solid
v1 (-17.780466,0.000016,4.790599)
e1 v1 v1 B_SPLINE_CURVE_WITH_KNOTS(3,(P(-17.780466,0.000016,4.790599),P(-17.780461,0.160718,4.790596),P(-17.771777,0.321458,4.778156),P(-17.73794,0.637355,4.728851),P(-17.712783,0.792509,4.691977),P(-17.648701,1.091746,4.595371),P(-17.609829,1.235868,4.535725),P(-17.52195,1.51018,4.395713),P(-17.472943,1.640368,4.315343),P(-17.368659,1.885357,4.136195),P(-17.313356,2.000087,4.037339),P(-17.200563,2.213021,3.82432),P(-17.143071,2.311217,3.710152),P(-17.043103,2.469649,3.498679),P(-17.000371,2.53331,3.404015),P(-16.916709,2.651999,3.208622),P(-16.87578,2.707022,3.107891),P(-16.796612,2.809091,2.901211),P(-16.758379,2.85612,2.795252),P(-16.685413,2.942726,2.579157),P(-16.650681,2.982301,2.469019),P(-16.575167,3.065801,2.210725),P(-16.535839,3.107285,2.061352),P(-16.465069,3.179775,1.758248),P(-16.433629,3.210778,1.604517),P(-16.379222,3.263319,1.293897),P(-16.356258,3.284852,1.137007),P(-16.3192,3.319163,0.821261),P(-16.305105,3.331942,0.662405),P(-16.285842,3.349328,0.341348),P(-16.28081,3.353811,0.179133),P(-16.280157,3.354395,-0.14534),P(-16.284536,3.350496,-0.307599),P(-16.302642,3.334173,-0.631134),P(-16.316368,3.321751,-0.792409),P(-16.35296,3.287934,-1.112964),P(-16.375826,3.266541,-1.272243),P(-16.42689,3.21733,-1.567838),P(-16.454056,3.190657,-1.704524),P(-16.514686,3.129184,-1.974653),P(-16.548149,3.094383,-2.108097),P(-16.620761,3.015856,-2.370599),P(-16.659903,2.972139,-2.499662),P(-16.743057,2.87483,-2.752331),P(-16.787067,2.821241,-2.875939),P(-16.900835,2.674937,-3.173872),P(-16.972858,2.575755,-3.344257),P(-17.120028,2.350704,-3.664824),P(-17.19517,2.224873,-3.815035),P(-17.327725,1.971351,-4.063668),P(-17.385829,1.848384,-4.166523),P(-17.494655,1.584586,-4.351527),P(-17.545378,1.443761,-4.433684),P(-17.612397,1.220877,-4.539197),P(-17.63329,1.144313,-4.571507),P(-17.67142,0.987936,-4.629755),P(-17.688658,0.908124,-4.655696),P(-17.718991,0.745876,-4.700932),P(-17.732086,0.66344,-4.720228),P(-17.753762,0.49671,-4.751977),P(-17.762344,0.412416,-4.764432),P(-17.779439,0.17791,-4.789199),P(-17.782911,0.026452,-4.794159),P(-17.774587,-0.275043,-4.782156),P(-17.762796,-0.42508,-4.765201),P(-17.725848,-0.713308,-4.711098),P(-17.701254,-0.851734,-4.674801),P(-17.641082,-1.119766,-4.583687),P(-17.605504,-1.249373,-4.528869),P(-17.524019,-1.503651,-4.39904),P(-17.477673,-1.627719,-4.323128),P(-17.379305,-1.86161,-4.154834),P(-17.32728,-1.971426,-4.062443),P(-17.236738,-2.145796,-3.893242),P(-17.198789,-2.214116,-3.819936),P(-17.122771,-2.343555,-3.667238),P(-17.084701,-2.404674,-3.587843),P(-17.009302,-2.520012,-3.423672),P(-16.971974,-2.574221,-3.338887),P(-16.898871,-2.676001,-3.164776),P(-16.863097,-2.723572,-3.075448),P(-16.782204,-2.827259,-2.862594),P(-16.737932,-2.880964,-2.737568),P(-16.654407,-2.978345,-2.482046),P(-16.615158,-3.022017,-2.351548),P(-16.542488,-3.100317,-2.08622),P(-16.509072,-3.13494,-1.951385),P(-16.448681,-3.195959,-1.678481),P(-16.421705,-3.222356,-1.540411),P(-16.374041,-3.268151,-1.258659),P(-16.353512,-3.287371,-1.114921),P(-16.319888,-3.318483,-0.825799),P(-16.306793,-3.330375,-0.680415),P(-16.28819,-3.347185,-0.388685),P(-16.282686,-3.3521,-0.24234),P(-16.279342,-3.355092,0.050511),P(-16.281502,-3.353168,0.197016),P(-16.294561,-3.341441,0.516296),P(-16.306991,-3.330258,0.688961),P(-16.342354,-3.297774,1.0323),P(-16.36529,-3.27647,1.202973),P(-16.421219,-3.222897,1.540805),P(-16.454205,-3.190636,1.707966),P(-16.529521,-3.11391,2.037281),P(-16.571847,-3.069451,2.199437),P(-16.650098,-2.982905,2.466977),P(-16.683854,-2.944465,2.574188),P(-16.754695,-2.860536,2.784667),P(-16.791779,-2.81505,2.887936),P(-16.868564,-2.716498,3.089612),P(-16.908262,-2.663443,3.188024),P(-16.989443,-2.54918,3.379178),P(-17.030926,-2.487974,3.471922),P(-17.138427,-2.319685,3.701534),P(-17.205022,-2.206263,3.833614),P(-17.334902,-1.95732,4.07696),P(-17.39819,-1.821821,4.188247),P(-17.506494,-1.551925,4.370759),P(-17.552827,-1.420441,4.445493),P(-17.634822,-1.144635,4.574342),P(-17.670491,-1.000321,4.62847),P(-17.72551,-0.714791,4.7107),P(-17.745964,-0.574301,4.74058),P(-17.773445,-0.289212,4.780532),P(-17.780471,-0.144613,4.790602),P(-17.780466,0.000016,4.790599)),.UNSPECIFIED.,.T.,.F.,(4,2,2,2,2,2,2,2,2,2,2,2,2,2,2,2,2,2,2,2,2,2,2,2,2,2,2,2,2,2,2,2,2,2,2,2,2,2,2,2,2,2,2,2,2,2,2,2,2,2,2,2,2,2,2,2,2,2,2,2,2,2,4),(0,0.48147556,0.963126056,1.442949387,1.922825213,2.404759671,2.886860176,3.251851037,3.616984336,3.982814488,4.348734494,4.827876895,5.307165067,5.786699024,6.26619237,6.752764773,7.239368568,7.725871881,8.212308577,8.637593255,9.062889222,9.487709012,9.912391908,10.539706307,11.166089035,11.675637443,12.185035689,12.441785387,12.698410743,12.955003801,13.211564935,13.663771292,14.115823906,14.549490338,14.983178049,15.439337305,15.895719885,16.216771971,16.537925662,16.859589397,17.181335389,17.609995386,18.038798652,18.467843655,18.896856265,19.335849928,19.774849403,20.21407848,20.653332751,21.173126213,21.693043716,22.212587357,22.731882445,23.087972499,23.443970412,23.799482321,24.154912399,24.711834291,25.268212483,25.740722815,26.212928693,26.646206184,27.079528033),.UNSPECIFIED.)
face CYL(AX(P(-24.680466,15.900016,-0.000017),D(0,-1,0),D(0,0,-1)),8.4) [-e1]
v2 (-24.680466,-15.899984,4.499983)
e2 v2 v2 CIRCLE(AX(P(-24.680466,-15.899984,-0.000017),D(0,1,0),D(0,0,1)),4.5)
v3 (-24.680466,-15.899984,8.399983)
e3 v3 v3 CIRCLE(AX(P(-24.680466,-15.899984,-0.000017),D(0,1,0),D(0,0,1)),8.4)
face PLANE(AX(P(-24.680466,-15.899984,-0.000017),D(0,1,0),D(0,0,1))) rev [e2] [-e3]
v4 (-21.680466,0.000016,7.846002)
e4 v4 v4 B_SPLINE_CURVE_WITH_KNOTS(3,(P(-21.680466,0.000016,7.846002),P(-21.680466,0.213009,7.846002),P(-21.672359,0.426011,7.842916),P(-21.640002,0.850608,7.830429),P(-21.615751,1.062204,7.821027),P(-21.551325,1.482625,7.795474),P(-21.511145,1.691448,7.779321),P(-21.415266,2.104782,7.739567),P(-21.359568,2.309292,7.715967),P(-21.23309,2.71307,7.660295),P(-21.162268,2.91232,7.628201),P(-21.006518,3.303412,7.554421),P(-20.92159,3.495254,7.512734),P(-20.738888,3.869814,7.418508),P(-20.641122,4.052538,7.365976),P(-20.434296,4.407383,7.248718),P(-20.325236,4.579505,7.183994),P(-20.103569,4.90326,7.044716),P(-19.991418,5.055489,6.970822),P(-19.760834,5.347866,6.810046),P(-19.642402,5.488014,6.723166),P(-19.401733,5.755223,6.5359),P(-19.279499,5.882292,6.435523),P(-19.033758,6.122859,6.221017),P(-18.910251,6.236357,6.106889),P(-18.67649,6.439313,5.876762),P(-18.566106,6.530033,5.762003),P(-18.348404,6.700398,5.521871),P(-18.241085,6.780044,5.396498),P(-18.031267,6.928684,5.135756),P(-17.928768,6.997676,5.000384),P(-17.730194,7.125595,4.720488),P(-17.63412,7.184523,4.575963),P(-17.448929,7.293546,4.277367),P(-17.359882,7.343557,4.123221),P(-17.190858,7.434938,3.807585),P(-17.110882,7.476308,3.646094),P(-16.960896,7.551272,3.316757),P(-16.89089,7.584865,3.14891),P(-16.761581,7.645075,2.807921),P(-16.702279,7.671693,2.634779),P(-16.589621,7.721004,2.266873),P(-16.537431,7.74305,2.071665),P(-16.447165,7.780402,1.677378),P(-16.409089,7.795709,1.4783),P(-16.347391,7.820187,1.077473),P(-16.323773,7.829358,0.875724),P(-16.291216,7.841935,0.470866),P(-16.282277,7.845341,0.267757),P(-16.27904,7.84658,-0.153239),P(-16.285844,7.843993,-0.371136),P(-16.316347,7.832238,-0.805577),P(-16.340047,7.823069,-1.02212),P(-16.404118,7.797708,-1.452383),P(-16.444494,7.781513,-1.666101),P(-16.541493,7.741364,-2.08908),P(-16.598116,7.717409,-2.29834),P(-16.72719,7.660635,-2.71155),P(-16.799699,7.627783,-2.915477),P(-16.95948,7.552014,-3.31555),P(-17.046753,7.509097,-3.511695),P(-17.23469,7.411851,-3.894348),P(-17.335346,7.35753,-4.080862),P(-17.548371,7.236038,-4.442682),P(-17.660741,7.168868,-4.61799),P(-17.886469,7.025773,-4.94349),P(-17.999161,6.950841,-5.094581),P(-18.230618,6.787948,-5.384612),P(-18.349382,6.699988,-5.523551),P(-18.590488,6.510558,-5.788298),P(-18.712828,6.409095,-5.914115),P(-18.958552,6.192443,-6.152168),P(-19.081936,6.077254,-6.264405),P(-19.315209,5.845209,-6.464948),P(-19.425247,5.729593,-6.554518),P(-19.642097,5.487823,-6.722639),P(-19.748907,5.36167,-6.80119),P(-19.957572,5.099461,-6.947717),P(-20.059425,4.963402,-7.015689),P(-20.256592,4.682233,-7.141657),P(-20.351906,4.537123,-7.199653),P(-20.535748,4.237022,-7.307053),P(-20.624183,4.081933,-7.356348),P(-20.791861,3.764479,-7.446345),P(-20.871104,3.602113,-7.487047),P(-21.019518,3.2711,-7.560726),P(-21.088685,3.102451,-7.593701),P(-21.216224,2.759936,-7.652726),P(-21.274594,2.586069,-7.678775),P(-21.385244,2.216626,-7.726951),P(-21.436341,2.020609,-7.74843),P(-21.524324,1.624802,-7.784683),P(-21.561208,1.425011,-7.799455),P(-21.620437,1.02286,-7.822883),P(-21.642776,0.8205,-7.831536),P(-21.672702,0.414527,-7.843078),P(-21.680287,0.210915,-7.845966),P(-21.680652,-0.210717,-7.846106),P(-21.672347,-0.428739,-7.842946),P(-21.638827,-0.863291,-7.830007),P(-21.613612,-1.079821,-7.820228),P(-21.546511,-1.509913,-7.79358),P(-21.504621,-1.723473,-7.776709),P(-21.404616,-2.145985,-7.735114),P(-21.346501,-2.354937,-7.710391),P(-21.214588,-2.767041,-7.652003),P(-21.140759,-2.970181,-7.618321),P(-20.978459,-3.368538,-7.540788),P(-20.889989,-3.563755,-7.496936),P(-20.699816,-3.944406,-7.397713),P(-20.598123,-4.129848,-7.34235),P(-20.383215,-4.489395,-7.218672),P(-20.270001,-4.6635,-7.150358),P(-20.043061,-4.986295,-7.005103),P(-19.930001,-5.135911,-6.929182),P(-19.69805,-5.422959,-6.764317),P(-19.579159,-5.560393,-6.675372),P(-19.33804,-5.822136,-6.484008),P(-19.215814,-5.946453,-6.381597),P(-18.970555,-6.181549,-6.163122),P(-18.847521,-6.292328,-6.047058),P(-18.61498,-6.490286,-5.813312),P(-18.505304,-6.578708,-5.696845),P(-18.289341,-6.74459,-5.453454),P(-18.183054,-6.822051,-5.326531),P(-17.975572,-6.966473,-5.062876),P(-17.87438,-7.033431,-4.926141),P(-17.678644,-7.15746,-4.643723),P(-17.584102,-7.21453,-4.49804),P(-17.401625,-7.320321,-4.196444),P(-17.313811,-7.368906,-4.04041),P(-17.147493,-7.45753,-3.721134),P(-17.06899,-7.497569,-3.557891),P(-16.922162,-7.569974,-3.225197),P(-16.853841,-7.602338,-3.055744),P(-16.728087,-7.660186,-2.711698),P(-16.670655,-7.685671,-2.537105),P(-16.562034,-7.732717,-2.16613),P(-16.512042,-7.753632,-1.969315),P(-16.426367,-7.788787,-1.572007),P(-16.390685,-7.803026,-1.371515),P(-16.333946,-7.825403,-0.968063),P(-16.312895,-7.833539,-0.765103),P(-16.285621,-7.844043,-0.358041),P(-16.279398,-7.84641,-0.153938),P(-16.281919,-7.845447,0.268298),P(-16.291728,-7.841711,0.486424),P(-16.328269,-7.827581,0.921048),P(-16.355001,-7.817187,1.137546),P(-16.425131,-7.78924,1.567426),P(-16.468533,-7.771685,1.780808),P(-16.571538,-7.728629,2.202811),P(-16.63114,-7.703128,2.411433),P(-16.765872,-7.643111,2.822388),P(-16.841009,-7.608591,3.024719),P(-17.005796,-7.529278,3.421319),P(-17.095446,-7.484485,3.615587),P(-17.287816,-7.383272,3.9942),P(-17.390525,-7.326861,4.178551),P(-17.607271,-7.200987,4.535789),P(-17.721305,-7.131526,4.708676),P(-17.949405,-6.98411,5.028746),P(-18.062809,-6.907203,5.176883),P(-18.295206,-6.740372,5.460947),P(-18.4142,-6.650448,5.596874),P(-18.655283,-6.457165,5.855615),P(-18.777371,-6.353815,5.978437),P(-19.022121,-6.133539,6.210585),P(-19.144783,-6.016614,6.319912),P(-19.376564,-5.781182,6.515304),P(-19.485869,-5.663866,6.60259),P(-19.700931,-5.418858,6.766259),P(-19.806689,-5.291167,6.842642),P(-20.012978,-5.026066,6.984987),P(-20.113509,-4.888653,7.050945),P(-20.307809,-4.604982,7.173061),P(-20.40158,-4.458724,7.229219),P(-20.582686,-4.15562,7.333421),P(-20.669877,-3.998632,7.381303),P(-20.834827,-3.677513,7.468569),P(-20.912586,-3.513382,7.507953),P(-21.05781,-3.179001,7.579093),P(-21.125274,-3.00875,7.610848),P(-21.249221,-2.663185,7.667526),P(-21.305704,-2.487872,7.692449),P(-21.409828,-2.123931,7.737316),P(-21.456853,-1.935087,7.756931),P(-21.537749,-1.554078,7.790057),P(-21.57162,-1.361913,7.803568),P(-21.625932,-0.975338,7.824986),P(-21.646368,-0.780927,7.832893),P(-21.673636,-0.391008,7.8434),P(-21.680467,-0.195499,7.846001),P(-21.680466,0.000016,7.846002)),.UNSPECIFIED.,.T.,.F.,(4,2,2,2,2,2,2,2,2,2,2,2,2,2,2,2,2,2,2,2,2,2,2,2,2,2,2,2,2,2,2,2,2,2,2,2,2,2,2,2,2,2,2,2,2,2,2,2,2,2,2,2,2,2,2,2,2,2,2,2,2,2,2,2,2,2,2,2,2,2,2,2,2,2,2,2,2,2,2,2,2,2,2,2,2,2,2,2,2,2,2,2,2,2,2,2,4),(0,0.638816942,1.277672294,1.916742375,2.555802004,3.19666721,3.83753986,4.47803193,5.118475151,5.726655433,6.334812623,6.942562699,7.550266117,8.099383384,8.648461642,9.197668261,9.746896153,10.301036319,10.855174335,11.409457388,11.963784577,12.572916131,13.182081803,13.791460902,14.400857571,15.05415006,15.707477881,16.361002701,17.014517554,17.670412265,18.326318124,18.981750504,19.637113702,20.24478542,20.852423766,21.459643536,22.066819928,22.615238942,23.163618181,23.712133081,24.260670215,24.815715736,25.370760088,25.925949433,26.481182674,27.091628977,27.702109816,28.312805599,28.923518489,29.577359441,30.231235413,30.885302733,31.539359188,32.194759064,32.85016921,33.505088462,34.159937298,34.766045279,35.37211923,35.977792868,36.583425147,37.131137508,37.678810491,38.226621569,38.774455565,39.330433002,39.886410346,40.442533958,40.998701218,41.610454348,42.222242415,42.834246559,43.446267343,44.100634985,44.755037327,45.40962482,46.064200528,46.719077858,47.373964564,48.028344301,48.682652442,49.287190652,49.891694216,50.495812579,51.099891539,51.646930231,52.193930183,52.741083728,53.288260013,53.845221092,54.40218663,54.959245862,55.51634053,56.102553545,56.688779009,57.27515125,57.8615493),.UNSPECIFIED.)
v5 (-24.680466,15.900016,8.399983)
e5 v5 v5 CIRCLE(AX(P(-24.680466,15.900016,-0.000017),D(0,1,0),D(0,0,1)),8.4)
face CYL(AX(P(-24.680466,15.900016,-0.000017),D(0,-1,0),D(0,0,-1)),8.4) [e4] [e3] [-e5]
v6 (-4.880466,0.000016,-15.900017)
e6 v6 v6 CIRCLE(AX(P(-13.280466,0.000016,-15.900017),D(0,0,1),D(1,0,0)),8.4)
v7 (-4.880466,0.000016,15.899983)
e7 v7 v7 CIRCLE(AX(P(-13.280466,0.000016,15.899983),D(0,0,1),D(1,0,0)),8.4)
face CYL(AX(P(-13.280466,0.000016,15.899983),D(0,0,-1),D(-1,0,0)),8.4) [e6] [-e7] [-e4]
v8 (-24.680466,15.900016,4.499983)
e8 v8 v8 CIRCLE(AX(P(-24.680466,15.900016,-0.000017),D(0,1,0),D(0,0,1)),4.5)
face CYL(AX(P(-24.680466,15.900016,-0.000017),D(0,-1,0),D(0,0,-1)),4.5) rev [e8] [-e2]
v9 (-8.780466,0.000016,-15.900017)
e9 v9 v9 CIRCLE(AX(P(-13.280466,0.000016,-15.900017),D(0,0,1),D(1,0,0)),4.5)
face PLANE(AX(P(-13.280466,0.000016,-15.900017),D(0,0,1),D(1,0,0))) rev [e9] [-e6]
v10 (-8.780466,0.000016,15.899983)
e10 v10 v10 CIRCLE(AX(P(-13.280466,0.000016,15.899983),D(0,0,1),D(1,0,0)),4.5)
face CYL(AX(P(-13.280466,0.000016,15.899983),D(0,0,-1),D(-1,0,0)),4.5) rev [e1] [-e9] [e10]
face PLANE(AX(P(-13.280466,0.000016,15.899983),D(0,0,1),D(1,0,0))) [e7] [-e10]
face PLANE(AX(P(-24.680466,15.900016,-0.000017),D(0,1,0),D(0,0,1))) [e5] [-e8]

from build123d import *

# Parameters (mm, degrees)
SKETCH1_R           = 28
SKETCH1_R_2         = 15
BOSS_EXTRUDE1_DEPTH = 53
SKETCH2_R           = 28
SKETCH2_R_2         = 15
BOSS_EXTRUDE2_DEPTH = 53
SKETCH3_R           = 15
CUT_EXTRUDE1_DEPTH  = 136.650285827
SCALE1_SCALE        = 0.3


with BuildPart() as part:
    # Sketch1 → Boss-Extrude1 (new, symmetric)
    with BuildSketch(Plane.XY):
        Circle(SKETCH1_R)
        Circle(SKETCH1_R_2, mode=Mode.SUBTRACT)
    extrude(amount=BOSS_EXTRUDE1_DEPTH, both=True)

    # Sketch2 → Boss-Extrude2 (add, symmetric)
    with BuildSketch(Plane(origin=(0, 0, 0), x_dir=(1, 0, 0), z_dir=(0, 1, 0))):
        with Locations(Location((-38, 0, 0), (0, 0, 270))):
            Circle(SKETCH2_R)
        with Locations(Location((-38, 0, 0), (0, 0, 270))):
            Circle(SKETCH2_R_2, mode=Mode.SUBTRACT)
    extrude(amount=BOSS_EXTRUDE2_DEPTH, both=True)

    # Sketch3 → Cut-Extrude1 (cut, through all)
    with BuildSketch(Plane(origin=(0, 53, 0), x_dir=(1, 0, 0), z_dir=(0, 1, 0))):
        with Locations(Location((-38, 0, 0), (0, 0, 270))):
            Circle(SKETCH3_R)
    extrude(amount=-CUT_EXTRUDE1_DEPTH, mode=Mode.SUBTRACT)


with BuildPart() as part_1:
    # Scale1: scaled about (-18.971831543, 0.000154548, 3.0881e-05)
    add(part.part.scale(SCALE1_SCALE).moved(Location((-13.28028208, 0.000108184, 2.1617e-05))))


solid = part_1.part
